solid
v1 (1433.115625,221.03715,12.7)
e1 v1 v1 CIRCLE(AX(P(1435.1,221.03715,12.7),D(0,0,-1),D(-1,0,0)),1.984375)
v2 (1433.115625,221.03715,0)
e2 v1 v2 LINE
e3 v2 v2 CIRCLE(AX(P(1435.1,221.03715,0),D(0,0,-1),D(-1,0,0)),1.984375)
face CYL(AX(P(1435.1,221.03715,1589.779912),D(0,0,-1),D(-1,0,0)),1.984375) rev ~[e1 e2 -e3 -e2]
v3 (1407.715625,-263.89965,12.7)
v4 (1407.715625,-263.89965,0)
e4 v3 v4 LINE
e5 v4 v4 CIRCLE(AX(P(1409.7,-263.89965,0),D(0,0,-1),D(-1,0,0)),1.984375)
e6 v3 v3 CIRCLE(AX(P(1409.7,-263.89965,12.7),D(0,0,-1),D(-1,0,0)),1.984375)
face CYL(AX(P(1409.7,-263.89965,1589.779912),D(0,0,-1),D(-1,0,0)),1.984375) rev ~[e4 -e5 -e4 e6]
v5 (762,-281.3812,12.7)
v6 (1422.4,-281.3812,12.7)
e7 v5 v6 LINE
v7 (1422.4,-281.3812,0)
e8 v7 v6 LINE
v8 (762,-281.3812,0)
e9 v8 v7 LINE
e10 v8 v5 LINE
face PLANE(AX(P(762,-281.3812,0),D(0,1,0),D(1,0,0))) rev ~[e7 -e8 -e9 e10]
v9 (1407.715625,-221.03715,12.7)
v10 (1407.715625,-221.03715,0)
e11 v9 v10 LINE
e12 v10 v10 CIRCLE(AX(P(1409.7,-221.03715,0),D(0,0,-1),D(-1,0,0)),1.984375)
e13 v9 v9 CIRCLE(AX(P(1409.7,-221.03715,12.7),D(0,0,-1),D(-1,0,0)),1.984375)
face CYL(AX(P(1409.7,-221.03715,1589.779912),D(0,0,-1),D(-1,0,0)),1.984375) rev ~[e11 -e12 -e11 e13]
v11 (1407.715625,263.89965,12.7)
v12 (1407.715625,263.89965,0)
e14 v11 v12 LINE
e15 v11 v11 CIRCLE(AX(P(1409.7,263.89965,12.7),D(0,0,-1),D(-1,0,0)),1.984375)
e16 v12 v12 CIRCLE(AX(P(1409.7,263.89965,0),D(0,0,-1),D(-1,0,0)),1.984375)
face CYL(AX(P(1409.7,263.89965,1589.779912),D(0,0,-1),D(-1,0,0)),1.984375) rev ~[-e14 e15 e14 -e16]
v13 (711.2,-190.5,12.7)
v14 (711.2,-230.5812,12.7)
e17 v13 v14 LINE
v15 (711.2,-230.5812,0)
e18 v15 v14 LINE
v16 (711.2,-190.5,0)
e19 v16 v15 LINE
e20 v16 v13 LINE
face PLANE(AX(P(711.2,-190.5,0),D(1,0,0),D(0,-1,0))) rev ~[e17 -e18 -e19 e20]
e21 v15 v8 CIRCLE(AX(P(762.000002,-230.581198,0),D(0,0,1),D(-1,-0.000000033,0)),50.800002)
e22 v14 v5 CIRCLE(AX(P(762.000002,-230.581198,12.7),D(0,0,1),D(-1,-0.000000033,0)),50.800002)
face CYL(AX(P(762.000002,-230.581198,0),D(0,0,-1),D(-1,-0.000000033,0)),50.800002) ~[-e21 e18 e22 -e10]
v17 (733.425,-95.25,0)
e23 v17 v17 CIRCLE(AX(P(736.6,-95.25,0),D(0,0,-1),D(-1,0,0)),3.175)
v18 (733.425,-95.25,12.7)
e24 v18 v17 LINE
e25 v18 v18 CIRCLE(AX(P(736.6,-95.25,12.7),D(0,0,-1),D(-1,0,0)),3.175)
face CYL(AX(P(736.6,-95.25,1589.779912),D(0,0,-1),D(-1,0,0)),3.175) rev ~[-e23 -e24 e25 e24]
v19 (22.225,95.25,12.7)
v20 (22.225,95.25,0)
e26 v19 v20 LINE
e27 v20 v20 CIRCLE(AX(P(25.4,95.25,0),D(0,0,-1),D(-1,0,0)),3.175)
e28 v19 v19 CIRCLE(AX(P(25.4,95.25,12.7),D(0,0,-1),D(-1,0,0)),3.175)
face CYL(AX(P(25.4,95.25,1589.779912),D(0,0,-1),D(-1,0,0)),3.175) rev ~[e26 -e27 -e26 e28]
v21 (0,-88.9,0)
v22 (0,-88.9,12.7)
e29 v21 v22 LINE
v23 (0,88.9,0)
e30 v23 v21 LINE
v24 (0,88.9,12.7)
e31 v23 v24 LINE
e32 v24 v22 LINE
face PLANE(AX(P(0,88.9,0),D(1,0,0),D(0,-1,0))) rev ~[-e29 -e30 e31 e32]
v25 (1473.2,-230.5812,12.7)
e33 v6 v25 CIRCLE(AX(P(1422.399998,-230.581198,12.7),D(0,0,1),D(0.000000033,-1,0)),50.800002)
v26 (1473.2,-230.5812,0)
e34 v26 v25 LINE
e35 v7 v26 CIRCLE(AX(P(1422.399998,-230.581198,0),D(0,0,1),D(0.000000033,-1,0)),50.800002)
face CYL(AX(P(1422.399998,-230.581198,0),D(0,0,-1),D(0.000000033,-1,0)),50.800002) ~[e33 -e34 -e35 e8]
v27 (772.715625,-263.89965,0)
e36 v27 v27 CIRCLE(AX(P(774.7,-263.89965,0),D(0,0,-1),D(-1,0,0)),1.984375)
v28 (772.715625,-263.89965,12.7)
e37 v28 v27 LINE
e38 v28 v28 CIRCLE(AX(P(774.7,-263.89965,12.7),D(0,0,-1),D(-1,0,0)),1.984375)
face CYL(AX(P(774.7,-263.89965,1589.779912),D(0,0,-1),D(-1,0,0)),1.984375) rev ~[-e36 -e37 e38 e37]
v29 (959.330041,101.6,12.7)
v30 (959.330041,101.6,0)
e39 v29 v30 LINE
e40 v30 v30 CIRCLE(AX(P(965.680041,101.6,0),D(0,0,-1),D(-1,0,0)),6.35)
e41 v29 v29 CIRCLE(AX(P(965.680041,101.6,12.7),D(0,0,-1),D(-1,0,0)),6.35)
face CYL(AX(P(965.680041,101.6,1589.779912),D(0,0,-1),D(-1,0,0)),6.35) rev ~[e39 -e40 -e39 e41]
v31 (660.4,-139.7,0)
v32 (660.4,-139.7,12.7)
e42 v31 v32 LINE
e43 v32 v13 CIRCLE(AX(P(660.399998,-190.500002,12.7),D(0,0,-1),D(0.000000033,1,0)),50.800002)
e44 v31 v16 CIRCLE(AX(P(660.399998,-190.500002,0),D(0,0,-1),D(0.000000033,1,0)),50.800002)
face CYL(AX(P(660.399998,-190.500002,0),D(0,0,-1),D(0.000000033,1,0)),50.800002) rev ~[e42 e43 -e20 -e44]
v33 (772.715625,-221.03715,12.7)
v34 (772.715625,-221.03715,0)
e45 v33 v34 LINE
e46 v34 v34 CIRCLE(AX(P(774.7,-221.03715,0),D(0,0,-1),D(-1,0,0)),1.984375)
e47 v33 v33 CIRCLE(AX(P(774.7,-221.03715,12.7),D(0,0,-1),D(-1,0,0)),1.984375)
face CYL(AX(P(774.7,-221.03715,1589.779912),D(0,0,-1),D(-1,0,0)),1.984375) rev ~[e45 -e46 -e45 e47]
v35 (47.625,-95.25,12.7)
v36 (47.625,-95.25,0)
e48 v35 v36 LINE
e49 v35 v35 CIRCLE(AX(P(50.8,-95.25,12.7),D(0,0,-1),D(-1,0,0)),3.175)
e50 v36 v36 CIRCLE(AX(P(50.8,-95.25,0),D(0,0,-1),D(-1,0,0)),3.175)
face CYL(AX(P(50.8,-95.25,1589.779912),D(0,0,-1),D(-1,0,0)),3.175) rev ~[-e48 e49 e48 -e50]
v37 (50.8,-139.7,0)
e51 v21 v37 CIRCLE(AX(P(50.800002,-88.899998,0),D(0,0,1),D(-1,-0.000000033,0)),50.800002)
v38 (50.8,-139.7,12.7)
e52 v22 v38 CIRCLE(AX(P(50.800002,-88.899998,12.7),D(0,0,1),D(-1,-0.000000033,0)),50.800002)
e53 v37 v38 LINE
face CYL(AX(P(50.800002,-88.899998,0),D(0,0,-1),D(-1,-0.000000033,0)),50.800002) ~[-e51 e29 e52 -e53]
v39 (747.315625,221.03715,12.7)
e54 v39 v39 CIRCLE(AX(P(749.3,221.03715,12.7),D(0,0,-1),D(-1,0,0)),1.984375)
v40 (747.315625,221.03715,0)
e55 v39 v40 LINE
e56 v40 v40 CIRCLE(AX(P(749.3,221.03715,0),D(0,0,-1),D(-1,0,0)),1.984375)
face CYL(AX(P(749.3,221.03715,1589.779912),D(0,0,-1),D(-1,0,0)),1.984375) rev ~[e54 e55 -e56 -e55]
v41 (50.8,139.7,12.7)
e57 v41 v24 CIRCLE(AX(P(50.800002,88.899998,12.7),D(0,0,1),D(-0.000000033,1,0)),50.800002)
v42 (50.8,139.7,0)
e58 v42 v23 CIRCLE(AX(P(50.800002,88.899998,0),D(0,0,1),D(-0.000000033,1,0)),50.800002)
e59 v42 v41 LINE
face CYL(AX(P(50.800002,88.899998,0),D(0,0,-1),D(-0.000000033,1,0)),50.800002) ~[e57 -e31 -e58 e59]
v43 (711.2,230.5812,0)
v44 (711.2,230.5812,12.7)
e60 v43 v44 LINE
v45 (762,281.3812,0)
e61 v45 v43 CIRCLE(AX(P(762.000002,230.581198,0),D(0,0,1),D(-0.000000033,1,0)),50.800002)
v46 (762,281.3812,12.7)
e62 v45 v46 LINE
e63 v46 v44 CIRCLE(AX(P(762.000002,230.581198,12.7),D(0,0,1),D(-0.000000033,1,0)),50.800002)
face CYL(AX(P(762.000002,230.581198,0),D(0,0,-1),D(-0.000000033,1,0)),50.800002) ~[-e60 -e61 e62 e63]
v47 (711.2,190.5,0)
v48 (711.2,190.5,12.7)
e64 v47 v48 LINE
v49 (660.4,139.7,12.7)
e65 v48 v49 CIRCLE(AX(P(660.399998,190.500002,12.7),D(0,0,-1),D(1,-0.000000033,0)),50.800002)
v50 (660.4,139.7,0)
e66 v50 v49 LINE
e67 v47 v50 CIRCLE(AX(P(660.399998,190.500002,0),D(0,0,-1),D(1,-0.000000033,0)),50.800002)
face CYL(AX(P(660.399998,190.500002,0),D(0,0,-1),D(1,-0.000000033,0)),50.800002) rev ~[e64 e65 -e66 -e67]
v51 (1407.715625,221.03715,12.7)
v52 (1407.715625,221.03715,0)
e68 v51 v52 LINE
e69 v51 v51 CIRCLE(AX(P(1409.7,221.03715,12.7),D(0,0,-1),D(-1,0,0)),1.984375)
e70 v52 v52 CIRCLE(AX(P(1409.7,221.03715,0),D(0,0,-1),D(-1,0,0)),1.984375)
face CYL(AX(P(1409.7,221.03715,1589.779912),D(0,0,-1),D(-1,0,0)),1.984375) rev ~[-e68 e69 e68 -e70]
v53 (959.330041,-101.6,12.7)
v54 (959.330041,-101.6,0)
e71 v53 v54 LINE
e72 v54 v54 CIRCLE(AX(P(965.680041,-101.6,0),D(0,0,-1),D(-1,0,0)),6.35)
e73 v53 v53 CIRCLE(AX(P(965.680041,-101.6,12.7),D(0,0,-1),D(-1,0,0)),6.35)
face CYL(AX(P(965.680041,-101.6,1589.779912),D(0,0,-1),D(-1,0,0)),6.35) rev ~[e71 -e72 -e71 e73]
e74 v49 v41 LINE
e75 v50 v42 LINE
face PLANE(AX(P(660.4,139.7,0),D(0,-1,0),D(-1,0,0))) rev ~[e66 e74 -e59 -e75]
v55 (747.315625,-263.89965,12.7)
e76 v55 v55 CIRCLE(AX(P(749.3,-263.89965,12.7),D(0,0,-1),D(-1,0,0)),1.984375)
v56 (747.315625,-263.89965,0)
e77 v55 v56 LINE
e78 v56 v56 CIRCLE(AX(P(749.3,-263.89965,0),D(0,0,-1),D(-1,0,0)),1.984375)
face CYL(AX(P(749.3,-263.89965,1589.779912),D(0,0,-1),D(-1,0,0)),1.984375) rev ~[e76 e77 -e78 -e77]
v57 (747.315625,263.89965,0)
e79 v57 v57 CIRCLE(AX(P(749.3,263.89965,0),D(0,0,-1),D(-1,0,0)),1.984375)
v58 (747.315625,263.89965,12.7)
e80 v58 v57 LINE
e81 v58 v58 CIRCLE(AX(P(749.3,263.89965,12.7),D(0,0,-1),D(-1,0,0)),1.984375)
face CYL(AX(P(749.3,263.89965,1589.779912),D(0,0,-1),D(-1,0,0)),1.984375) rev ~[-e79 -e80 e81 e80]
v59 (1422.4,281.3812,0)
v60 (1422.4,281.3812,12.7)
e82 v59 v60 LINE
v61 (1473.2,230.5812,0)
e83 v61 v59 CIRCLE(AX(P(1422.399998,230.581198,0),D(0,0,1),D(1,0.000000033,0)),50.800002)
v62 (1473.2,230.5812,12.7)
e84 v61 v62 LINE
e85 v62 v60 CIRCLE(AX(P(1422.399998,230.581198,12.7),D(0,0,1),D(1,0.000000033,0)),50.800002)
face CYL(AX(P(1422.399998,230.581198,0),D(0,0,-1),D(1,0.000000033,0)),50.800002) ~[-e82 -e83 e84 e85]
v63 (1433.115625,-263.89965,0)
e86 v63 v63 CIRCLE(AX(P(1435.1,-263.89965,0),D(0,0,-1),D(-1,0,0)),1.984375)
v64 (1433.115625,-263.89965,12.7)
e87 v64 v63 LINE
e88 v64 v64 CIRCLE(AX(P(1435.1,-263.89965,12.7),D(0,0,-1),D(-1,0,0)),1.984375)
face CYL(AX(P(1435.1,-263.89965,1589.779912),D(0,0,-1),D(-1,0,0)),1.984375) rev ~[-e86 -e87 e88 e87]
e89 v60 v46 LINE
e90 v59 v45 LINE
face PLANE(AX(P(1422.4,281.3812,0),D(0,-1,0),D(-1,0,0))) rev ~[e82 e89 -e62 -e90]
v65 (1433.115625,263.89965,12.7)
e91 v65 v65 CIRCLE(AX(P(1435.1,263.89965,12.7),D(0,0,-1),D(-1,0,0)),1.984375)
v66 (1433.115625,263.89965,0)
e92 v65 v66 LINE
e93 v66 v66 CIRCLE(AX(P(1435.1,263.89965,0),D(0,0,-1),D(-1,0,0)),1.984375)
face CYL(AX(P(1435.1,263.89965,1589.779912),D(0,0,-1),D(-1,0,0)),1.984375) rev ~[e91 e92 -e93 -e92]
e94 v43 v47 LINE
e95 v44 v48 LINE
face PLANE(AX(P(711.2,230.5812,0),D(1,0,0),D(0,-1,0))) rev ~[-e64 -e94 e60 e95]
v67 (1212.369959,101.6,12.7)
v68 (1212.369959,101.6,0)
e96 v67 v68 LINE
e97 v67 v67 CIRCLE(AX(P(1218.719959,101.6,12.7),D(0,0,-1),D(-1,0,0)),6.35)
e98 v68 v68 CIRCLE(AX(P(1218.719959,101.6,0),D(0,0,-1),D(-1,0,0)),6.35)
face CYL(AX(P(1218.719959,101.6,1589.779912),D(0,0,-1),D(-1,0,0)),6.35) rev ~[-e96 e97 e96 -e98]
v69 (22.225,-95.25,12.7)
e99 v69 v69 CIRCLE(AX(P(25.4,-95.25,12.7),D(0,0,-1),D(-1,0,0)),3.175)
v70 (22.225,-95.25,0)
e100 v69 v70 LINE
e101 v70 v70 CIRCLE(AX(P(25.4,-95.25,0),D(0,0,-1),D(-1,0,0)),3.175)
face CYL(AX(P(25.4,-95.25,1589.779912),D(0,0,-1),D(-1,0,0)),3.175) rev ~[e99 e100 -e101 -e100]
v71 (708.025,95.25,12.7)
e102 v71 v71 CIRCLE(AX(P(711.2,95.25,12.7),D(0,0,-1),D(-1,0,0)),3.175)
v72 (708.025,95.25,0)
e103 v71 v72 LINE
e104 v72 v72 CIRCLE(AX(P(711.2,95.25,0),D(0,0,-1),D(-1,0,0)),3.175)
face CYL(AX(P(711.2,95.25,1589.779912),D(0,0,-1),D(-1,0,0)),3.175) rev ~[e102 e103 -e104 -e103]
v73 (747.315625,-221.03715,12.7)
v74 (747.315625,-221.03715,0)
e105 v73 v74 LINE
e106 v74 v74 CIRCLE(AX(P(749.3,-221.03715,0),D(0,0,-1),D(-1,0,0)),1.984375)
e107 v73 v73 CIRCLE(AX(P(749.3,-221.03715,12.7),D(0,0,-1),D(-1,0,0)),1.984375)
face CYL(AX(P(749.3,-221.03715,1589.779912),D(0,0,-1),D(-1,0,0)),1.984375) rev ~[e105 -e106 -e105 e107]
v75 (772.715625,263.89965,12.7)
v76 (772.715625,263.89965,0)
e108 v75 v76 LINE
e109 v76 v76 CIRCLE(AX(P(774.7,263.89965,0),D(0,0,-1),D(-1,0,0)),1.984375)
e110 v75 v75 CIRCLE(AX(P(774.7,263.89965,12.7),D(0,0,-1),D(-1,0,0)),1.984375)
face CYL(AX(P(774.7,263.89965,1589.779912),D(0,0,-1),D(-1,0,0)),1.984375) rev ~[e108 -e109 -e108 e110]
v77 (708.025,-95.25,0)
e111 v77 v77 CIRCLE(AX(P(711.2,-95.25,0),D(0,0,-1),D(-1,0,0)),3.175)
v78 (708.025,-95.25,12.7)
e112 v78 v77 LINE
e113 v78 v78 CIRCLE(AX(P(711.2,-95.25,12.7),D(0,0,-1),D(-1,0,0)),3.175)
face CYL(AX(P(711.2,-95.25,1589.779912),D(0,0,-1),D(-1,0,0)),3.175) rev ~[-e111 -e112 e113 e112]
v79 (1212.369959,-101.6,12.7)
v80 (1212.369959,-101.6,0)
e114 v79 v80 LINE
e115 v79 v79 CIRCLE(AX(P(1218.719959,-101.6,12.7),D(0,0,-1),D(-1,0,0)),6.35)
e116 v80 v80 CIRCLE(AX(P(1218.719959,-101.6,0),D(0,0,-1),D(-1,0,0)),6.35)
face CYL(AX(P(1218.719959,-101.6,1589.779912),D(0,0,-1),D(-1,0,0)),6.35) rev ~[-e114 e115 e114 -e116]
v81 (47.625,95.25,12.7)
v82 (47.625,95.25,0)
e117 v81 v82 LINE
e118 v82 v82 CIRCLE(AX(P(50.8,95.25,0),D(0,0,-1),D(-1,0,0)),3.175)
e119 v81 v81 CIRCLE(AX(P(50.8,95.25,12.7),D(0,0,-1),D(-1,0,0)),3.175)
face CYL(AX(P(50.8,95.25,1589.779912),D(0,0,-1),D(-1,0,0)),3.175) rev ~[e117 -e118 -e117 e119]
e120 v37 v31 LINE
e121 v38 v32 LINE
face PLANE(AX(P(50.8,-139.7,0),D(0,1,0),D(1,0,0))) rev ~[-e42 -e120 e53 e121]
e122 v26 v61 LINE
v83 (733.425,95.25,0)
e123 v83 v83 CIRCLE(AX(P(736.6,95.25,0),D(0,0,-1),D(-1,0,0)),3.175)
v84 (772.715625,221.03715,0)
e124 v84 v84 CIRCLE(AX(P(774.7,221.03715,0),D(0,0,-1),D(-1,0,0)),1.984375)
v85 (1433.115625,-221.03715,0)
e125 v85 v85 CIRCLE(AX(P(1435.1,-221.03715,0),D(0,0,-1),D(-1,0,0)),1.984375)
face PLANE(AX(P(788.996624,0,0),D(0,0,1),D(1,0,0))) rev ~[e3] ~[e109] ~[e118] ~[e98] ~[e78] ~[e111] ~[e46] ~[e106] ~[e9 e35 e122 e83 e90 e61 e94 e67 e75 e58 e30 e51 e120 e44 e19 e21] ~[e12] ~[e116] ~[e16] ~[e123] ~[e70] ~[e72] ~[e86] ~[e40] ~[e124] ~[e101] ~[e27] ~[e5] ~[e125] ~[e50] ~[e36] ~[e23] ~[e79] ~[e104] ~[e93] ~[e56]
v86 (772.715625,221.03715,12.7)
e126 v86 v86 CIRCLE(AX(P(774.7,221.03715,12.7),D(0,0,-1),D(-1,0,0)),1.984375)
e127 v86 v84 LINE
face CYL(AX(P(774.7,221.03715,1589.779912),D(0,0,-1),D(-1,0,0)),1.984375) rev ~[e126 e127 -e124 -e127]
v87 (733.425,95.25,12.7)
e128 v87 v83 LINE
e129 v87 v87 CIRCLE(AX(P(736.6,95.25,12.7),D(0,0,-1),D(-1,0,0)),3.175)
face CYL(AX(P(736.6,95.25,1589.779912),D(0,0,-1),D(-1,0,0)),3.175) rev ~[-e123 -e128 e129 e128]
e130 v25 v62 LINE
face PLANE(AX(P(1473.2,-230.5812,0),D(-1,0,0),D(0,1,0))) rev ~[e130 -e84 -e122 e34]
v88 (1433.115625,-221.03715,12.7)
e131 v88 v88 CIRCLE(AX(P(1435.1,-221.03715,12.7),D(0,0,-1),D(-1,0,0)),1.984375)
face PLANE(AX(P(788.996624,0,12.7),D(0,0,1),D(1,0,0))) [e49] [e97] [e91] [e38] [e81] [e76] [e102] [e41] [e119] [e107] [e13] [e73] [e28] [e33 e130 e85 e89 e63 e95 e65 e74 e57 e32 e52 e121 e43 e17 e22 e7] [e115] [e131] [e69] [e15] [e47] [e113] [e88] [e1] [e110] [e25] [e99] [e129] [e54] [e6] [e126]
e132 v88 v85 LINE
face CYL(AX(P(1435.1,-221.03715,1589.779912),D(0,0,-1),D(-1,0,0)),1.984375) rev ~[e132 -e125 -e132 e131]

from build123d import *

# Parameters (mm, degrees)
F1_DEPTH = 12.7
F3_D     = 3.96875
F4_D     = 12.7
F5_D     = 6.35


with BuildPart() as f1:
    # F0 (on Top) → F1 (new body)
    with BuildSketch(Plane.XY):
        with BuildLine():
            Line((1473.2, -230.5812), (1473.2, 0))
            Line((1473.2, 0), (1473.2, 230.5812))
            ThreePointArc((1473.2, 230.5812), (1458.321024, 266.502224), (1422.4, 281.3812))
            Line((1422.4, 281.3812), (762, 281.3812))
            ThreePointArc((762, 281.3812), (726.078976, 266.502224), (711.2, 230.5812))
            Line((711.2, 230.5812), (711.2, 190.5))
            ThreePointArc((711.2, 190.5), (696.321024, 154.578976), (660.4, 139.7))
            Line((660.4, 139.7), (50.8, 139.7))
            ThreePointArc((50.8, 139.7), (14.878976, 124.821024), (0, 88.9))
            Line((0, 88.9), (0, 0))
            Line((0, 0), (0, -88.9))
            ThreePointArc((0, -88.9), (14.878976, -124.821024), (50.8, -139.7))
            Line((50.8, -139.7), (660.4, -139.7))
            ThreePointArc((660.4, -139.7), (696.321024, -154.578976), (711.2, -190.5))
            Line((711.2, -190.5), (711.2, -230.5812))
            ThreePointArc((711.2, -230.5812), (726.078976, -266.502224), (762, -281.3812))
            Line((762, -281.3812), (1422.4, -281.3812))
            ThreePointArc((1422.4, -281.3812), (1458.321024, -266.502224), (1473.2, -230.5812))
        make_face()
    extrude(amount=F1_DEPTH)

    # F3 (through all)
    with Locations(Plane.XY.offset(12.7)):
        with Locations((749.3, 263.89965), (774.7, 263.89965), (774.7, 221.03715), (749.3, 221.03715), (749.3, -221.03715), (774.7, -221.03715), (774.7, -263.89965), (749.3, -263.89965), (1409.7, -221.03715), (1435.1, -221.03715), (1435.1, -263.89965), (1409.7, -263.89965), (1435.1, 221.03715), (1409.7, 221.03715), (1409.7, 263.89965), (1435.1, 263.89965)):
            Hole(F3_D / 2)

    # F4 (through all)
    with Locations(Plane.XY.offset(12.7)):
        with Locations((965.680041, 101.6), (1218.719959, 101.6), (1218.719959, -101.6), (965.680041, -101.6)):
            Hole(F4_D / 2)

    # F5 (through all)
    with Locations(Plane.XY.offset(12.7)):
        with Locations((25.4, 95.25), (50.8, 95.25), (50.8, -95.25), (25.4, -95.25), (711.2, 95.25), (736.6, 95.25), (736.6, -95.25), (711.2, -95.25)):
            Hole(F5_D / 2)


solid = f1.part
